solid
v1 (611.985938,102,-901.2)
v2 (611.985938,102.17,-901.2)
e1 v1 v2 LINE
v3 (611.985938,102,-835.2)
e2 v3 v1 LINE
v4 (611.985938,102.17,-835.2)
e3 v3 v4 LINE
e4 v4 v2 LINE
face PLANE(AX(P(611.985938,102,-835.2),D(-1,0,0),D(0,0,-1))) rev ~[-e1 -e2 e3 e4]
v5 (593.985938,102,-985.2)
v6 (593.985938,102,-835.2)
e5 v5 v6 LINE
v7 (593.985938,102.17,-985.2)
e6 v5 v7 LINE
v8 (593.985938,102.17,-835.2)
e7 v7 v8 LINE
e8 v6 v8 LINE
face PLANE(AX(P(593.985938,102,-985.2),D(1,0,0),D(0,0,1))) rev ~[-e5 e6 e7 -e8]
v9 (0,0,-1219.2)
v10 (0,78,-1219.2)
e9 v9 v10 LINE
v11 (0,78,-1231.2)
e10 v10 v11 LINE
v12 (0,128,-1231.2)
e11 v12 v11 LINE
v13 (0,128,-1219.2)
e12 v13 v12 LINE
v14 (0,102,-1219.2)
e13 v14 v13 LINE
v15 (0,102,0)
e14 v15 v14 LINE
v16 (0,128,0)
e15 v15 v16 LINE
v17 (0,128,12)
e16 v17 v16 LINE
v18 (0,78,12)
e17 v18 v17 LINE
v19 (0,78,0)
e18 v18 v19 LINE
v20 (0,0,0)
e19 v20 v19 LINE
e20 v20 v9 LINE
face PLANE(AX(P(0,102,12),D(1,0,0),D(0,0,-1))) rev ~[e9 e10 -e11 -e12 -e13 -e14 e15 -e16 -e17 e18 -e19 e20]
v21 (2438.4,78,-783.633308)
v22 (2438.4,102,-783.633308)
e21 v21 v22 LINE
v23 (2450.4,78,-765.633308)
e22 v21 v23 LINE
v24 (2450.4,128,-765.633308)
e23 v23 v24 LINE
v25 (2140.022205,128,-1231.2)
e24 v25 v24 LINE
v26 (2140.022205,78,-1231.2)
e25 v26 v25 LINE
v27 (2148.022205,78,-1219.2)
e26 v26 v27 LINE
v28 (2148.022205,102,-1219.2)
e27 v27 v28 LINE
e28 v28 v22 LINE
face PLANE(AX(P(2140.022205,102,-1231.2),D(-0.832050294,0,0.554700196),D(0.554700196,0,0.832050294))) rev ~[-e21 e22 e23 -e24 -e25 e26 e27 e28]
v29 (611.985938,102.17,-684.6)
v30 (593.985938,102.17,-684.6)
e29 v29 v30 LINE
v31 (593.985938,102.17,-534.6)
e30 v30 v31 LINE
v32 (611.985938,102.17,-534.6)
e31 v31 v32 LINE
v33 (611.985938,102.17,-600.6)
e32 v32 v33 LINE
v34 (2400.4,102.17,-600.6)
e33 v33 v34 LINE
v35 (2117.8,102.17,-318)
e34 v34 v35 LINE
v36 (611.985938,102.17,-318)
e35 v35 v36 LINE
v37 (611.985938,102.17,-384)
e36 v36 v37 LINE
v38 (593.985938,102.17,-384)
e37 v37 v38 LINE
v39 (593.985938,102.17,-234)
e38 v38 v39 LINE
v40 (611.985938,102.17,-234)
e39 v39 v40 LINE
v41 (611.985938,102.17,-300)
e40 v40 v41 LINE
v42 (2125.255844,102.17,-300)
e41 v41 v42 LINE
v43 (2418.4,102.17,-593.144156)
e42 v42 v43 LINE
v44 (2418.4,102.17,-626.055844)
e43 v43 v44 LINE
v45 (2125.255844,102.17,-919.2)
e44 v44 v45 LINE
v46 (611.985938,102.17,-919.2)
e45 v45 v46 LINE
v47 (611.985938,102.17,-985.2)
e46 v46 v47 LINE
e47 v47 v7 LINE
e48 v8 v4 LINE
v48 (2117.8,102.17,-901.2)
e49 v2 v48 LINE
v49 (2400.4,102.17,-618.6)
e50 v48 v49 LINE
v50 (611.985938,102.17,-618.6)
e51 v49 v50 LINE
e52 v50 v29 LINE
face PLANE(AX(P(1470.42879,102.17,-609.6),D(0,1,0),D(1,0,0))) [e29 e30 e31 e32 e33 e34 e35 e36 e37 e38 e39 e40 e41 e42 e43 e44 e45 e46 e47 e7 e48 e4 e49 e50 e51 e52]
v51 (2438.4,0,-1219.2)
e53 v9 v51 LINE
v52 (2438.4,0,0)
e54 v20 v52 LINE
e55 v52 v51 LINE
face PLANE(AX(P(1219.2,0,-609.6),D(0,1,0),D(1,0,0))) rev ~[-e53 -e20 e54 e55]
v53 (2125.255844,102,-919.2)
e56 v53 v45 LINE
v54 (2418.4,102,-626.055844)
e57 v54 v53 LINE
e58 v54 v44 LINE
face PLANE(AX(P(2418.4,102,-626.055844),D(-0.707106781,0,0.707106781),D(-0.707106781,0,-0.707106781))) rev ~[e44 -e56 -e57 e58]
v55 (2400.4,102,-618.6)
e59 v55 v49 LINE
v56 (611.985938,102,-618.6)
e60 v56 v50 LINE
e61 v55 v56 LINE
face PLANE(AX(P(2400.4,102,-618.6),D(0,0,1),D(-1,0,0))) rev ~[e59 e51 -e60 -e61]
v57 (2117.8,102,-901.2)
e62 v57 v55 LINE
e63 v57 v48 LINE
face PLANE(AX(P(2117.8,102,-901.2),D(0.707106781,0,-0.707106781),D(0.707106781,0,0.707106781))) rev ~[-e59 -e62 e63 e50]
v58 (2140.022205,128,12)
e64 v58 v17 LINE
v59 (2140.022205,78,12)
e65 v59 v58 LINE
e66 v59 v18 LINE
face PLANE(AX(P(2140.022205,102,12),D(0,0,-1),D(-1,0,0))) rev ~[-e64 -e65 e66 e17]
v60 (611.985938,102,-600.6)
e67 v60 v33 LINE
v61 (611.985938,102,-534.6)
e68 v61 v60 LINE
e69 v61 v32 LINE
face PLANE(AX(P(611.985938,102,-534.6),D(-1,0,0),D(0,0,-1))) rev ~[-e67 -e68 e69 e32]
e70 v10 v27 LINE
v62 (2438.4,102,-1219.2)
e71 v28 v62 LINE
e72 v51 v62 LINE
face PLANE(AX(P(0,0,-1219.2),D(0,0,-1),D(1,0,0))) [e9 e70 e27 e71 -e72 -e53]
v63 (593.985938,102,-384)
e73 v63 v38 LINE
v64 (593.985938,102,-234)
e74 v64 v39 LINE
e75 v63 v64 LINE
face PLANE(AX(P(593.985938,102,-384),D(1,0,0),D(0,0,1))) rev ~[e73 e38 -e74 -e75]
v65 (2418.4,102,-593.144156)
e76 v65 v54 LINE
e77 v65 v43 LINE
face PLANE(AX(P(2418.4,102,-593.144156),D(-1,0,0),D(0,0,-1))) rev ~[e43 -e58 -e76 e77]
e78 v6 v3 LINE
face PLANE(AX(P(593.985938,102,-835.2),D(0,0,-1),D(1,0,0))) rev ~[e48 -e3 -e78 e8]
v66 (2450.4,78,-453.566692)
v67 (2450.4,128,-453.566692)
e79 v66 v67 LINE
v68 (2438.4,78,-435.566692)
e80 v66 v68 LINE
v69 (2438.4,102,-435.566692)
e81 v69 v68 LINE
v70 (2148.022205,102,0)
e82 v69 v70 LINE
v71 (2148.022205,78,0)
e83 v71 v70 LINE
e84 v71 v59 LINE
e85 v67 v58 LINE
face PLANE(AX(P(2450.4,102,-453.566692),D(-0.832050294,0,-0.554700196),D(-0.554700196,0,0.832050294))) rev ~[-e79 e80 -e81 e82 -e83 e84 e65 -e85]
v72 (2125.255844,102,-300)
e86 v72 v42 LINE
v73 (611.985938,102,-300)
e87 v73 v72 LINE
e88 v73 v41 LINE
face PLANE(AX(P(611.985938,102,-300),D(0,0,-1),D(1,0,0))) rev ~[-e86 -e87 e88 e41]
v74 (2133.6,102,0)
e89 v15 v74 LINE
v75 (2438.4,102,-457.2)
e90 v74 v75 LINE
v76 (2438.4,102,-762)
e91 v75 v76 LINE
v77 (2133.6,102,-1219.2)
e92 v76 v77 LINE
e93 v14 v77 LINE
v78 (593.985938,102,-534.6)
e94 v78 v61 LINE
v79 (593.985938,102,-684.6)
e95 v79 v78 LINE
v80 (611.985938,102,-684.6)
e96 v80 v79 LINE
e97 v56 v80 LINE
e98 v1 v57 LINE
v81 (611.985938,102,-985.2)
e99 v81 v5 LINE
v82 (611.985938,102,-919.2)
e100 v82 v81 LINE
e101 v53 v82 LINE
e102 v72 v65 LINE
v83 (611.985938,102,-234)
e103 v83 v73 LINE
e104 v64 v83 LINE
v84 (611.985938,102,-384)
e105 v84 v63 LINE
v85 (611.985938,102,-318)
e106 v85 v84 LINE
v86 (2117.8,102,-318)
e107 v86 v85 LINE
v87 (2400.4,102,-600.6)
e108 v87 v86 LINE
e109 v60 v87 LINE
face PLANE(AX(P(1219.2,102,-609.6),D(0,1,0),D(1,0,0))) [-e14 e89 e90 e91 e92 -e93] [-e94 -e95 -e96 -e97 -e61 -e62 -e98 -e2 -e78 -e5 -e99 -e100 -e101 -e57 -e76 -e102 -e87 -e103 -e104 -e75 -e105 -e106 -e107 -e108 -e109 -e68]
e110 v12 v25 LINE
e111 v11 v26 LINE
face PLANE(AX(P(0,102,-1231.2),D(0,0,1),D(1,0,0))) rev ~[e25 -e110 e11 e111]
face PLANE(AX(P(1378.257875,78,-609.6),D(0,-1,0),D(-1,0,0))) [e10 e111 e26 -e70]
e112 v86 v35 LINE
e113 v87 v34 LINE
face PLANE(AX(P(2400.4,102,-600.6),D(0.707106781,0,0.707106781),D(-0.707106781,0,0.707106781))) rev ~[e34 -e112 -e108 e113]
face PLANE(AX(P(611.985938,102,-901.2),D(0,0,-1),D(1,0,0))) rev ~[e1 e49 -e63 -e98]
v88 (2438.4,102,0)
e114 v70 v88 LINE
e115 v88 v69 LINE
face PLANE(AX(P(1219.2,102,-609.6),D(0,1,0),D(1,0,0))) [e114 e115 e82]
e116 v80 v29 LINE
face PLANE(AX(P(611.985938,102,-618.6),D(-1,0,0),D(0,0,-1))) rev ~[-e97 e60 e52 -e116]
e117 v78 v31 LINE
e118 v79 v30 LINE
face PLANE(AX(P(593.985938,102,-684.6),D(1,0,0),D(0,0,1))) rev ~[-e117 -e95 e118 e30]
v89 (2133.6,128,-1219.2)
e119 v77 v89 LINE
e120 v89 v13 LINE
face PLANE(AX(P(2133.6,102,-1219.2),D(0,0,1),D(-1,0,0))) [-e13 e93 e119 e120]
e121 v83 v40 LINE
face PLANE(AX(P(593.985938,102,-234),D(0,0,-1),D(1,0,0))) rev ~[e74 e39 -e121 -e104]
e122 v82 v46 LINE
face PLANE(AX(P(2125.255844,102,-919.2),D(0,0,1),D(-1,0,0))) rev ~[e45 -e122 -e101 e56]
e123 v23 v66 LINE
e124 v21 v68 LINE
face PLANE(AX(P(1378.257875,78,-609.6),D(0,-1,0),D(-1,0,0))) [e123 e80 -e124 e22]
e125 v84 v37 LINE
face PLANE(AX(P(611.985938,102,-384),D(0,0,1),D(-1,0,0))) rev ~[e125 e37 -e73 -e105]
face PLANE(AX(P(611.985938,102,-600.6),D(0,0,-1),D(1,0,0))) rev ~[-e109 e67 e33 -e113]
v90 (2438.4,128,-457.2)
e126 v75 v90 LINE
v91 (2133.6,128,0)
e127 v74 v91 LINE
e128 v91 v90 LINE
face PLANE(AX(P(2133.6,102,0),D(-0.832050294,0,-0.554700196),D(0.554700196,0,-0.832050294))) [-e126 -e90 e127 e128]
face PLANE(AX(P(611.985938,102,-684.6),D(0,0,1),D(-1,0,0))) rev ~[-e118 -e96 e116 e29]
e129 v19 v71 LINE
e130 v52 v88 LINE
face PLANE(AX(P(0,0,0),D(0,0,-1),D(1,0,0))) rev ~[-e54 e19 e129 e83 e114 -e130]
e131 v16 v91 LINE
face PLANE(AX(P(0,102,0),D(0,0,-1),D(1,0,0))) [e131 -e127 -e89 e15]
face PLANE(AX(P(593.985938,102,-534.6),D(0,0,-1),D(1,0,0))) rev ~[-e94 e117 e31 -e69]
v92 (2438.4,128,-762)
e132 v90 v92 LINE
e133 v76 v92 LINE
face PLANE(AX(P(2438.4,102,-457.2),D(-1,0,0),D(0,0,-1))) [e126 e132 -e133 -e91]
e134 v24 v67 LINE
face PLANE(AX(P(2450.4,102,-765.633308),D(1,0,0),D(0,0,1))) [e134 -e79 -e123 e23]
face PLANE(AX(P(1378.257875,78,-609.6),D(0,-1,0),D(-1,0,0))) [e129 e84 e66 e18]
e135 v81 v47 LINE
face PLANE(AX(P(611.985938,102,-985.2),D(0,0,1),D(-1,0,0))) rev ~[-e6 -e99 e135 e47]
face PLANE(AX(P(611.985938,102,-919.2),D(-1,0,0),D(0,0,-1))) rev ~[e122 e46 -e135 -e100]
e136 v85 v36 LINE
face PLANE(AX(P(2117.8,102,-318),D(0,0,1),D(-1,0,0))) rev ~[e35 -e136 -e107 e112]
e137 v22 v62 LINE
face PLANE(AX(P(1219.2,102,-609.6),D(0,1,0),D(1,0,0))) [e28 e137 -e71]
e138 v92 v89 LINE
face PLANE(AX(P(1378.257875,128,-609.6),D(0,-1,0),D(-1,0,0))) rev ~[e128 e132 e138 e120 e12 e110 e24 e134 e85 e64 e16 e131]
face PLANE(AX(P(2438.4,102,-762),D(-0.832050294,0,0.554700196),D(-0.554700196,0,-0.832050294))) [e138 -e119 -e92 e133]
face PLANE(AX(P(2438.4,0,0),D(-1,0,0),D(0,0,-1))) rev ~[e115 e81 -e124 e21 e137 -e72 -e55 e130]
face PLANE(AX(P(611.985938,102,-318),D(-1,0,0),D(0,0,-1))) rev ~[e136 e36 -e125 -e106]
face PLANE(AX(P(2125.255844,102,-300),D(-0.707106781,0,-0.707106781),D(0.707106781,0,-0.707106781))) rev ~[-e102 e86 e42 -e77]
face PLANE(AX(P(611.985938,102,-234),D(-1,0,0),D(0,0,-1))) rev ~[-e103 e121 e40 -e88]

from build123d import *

# Parameters (mm, degrees)
SKETCH1_W                = 2438.4
SKETCH1_H                = 1219.2
BOSS_EXTRUDE1_DEPTH      = 102
EXTRUDE_THIN1_DEPTH      = 26
EXTRUDE_THIN1_DEPTH_BACK = 24
BOSS_EXTRUDE2_DEPTH      = 0.17


with BuildPart() as part:
    # Sketch1 → Boss-Extrude1 (new body)
    with BuildSketch(Plane(origin=(0, 0, 0), x_dir=(1, 0, 0), z_dir=(0, 1, 0))):
        with Locations((1219.2, 609.6)):
            Rectangle(SKETCH1_W, SKETCH1_H)
    extrude(amount=BOSS_EXTRUDE1_DEPTH)

    # Sketch2 → Extrude-Thin1 (add, two sides)
    with BuildSketch(Plane(origin=(0, 102, 0), x_dir=(1, 0, 0), z_dir=(0, 1, 0))) as extrude_thin1_sk:
        Polygon((0, 0), (2133.6, 0), (2438.4, 457.2), (2438.4, 762), (2133.6, 1219.2), (0, 1219.2), (0, 1231.2), (2140.022205102, 1231.2), (2450.4, 765.633307653), (2450.4, 453.566692347), (2140.022205102, -12), (0, -12), align=None)
    extrude(amount=EXTRUDE_THIN1_DEPTH)
    extrude(extrude_thin1_sk.sketch, amount=-EXTRUDE_THIN1_DEPTH_BACK)

    # Sketch3 → Boss-Extrude2 (add)
    with BuildSketch(Plane(origin=(0, 102, 0), x_dir=(1, 0, 0), z_dir=(0, 1, 0))):
        Polygon((2400.4, 618.6), (611.985938124, 618.6), (611.985938124, 684.6), (593.985938124, 684.6), (593.985938124, 534.6), (611.985938124, 534.6), (611.985938124, 600.6), (2400.4, 600.6), (2117.8, 318), (611.985938124, 318), (611.985938124, 384), (593.985938124, 384), (593.985938124, 234), (611.985938124, 234), (611.985938124, 300), (2125.255844123, 300), (2418.4, 593.144155877), (2418.4, 626.055844123), (2125.255844123, 919.2), (611.985938124, 919.2), (611.985938124, 985.2), (593.985938124, 985.2), (593.985938124, 835.2), (611.985938124, 835.2), (611.985938124, 901.2), (2117.8, 901.2), align=None)
    extrude(amount=BOSS_EXTRUDE2_DEPTH)


solid = part.part
